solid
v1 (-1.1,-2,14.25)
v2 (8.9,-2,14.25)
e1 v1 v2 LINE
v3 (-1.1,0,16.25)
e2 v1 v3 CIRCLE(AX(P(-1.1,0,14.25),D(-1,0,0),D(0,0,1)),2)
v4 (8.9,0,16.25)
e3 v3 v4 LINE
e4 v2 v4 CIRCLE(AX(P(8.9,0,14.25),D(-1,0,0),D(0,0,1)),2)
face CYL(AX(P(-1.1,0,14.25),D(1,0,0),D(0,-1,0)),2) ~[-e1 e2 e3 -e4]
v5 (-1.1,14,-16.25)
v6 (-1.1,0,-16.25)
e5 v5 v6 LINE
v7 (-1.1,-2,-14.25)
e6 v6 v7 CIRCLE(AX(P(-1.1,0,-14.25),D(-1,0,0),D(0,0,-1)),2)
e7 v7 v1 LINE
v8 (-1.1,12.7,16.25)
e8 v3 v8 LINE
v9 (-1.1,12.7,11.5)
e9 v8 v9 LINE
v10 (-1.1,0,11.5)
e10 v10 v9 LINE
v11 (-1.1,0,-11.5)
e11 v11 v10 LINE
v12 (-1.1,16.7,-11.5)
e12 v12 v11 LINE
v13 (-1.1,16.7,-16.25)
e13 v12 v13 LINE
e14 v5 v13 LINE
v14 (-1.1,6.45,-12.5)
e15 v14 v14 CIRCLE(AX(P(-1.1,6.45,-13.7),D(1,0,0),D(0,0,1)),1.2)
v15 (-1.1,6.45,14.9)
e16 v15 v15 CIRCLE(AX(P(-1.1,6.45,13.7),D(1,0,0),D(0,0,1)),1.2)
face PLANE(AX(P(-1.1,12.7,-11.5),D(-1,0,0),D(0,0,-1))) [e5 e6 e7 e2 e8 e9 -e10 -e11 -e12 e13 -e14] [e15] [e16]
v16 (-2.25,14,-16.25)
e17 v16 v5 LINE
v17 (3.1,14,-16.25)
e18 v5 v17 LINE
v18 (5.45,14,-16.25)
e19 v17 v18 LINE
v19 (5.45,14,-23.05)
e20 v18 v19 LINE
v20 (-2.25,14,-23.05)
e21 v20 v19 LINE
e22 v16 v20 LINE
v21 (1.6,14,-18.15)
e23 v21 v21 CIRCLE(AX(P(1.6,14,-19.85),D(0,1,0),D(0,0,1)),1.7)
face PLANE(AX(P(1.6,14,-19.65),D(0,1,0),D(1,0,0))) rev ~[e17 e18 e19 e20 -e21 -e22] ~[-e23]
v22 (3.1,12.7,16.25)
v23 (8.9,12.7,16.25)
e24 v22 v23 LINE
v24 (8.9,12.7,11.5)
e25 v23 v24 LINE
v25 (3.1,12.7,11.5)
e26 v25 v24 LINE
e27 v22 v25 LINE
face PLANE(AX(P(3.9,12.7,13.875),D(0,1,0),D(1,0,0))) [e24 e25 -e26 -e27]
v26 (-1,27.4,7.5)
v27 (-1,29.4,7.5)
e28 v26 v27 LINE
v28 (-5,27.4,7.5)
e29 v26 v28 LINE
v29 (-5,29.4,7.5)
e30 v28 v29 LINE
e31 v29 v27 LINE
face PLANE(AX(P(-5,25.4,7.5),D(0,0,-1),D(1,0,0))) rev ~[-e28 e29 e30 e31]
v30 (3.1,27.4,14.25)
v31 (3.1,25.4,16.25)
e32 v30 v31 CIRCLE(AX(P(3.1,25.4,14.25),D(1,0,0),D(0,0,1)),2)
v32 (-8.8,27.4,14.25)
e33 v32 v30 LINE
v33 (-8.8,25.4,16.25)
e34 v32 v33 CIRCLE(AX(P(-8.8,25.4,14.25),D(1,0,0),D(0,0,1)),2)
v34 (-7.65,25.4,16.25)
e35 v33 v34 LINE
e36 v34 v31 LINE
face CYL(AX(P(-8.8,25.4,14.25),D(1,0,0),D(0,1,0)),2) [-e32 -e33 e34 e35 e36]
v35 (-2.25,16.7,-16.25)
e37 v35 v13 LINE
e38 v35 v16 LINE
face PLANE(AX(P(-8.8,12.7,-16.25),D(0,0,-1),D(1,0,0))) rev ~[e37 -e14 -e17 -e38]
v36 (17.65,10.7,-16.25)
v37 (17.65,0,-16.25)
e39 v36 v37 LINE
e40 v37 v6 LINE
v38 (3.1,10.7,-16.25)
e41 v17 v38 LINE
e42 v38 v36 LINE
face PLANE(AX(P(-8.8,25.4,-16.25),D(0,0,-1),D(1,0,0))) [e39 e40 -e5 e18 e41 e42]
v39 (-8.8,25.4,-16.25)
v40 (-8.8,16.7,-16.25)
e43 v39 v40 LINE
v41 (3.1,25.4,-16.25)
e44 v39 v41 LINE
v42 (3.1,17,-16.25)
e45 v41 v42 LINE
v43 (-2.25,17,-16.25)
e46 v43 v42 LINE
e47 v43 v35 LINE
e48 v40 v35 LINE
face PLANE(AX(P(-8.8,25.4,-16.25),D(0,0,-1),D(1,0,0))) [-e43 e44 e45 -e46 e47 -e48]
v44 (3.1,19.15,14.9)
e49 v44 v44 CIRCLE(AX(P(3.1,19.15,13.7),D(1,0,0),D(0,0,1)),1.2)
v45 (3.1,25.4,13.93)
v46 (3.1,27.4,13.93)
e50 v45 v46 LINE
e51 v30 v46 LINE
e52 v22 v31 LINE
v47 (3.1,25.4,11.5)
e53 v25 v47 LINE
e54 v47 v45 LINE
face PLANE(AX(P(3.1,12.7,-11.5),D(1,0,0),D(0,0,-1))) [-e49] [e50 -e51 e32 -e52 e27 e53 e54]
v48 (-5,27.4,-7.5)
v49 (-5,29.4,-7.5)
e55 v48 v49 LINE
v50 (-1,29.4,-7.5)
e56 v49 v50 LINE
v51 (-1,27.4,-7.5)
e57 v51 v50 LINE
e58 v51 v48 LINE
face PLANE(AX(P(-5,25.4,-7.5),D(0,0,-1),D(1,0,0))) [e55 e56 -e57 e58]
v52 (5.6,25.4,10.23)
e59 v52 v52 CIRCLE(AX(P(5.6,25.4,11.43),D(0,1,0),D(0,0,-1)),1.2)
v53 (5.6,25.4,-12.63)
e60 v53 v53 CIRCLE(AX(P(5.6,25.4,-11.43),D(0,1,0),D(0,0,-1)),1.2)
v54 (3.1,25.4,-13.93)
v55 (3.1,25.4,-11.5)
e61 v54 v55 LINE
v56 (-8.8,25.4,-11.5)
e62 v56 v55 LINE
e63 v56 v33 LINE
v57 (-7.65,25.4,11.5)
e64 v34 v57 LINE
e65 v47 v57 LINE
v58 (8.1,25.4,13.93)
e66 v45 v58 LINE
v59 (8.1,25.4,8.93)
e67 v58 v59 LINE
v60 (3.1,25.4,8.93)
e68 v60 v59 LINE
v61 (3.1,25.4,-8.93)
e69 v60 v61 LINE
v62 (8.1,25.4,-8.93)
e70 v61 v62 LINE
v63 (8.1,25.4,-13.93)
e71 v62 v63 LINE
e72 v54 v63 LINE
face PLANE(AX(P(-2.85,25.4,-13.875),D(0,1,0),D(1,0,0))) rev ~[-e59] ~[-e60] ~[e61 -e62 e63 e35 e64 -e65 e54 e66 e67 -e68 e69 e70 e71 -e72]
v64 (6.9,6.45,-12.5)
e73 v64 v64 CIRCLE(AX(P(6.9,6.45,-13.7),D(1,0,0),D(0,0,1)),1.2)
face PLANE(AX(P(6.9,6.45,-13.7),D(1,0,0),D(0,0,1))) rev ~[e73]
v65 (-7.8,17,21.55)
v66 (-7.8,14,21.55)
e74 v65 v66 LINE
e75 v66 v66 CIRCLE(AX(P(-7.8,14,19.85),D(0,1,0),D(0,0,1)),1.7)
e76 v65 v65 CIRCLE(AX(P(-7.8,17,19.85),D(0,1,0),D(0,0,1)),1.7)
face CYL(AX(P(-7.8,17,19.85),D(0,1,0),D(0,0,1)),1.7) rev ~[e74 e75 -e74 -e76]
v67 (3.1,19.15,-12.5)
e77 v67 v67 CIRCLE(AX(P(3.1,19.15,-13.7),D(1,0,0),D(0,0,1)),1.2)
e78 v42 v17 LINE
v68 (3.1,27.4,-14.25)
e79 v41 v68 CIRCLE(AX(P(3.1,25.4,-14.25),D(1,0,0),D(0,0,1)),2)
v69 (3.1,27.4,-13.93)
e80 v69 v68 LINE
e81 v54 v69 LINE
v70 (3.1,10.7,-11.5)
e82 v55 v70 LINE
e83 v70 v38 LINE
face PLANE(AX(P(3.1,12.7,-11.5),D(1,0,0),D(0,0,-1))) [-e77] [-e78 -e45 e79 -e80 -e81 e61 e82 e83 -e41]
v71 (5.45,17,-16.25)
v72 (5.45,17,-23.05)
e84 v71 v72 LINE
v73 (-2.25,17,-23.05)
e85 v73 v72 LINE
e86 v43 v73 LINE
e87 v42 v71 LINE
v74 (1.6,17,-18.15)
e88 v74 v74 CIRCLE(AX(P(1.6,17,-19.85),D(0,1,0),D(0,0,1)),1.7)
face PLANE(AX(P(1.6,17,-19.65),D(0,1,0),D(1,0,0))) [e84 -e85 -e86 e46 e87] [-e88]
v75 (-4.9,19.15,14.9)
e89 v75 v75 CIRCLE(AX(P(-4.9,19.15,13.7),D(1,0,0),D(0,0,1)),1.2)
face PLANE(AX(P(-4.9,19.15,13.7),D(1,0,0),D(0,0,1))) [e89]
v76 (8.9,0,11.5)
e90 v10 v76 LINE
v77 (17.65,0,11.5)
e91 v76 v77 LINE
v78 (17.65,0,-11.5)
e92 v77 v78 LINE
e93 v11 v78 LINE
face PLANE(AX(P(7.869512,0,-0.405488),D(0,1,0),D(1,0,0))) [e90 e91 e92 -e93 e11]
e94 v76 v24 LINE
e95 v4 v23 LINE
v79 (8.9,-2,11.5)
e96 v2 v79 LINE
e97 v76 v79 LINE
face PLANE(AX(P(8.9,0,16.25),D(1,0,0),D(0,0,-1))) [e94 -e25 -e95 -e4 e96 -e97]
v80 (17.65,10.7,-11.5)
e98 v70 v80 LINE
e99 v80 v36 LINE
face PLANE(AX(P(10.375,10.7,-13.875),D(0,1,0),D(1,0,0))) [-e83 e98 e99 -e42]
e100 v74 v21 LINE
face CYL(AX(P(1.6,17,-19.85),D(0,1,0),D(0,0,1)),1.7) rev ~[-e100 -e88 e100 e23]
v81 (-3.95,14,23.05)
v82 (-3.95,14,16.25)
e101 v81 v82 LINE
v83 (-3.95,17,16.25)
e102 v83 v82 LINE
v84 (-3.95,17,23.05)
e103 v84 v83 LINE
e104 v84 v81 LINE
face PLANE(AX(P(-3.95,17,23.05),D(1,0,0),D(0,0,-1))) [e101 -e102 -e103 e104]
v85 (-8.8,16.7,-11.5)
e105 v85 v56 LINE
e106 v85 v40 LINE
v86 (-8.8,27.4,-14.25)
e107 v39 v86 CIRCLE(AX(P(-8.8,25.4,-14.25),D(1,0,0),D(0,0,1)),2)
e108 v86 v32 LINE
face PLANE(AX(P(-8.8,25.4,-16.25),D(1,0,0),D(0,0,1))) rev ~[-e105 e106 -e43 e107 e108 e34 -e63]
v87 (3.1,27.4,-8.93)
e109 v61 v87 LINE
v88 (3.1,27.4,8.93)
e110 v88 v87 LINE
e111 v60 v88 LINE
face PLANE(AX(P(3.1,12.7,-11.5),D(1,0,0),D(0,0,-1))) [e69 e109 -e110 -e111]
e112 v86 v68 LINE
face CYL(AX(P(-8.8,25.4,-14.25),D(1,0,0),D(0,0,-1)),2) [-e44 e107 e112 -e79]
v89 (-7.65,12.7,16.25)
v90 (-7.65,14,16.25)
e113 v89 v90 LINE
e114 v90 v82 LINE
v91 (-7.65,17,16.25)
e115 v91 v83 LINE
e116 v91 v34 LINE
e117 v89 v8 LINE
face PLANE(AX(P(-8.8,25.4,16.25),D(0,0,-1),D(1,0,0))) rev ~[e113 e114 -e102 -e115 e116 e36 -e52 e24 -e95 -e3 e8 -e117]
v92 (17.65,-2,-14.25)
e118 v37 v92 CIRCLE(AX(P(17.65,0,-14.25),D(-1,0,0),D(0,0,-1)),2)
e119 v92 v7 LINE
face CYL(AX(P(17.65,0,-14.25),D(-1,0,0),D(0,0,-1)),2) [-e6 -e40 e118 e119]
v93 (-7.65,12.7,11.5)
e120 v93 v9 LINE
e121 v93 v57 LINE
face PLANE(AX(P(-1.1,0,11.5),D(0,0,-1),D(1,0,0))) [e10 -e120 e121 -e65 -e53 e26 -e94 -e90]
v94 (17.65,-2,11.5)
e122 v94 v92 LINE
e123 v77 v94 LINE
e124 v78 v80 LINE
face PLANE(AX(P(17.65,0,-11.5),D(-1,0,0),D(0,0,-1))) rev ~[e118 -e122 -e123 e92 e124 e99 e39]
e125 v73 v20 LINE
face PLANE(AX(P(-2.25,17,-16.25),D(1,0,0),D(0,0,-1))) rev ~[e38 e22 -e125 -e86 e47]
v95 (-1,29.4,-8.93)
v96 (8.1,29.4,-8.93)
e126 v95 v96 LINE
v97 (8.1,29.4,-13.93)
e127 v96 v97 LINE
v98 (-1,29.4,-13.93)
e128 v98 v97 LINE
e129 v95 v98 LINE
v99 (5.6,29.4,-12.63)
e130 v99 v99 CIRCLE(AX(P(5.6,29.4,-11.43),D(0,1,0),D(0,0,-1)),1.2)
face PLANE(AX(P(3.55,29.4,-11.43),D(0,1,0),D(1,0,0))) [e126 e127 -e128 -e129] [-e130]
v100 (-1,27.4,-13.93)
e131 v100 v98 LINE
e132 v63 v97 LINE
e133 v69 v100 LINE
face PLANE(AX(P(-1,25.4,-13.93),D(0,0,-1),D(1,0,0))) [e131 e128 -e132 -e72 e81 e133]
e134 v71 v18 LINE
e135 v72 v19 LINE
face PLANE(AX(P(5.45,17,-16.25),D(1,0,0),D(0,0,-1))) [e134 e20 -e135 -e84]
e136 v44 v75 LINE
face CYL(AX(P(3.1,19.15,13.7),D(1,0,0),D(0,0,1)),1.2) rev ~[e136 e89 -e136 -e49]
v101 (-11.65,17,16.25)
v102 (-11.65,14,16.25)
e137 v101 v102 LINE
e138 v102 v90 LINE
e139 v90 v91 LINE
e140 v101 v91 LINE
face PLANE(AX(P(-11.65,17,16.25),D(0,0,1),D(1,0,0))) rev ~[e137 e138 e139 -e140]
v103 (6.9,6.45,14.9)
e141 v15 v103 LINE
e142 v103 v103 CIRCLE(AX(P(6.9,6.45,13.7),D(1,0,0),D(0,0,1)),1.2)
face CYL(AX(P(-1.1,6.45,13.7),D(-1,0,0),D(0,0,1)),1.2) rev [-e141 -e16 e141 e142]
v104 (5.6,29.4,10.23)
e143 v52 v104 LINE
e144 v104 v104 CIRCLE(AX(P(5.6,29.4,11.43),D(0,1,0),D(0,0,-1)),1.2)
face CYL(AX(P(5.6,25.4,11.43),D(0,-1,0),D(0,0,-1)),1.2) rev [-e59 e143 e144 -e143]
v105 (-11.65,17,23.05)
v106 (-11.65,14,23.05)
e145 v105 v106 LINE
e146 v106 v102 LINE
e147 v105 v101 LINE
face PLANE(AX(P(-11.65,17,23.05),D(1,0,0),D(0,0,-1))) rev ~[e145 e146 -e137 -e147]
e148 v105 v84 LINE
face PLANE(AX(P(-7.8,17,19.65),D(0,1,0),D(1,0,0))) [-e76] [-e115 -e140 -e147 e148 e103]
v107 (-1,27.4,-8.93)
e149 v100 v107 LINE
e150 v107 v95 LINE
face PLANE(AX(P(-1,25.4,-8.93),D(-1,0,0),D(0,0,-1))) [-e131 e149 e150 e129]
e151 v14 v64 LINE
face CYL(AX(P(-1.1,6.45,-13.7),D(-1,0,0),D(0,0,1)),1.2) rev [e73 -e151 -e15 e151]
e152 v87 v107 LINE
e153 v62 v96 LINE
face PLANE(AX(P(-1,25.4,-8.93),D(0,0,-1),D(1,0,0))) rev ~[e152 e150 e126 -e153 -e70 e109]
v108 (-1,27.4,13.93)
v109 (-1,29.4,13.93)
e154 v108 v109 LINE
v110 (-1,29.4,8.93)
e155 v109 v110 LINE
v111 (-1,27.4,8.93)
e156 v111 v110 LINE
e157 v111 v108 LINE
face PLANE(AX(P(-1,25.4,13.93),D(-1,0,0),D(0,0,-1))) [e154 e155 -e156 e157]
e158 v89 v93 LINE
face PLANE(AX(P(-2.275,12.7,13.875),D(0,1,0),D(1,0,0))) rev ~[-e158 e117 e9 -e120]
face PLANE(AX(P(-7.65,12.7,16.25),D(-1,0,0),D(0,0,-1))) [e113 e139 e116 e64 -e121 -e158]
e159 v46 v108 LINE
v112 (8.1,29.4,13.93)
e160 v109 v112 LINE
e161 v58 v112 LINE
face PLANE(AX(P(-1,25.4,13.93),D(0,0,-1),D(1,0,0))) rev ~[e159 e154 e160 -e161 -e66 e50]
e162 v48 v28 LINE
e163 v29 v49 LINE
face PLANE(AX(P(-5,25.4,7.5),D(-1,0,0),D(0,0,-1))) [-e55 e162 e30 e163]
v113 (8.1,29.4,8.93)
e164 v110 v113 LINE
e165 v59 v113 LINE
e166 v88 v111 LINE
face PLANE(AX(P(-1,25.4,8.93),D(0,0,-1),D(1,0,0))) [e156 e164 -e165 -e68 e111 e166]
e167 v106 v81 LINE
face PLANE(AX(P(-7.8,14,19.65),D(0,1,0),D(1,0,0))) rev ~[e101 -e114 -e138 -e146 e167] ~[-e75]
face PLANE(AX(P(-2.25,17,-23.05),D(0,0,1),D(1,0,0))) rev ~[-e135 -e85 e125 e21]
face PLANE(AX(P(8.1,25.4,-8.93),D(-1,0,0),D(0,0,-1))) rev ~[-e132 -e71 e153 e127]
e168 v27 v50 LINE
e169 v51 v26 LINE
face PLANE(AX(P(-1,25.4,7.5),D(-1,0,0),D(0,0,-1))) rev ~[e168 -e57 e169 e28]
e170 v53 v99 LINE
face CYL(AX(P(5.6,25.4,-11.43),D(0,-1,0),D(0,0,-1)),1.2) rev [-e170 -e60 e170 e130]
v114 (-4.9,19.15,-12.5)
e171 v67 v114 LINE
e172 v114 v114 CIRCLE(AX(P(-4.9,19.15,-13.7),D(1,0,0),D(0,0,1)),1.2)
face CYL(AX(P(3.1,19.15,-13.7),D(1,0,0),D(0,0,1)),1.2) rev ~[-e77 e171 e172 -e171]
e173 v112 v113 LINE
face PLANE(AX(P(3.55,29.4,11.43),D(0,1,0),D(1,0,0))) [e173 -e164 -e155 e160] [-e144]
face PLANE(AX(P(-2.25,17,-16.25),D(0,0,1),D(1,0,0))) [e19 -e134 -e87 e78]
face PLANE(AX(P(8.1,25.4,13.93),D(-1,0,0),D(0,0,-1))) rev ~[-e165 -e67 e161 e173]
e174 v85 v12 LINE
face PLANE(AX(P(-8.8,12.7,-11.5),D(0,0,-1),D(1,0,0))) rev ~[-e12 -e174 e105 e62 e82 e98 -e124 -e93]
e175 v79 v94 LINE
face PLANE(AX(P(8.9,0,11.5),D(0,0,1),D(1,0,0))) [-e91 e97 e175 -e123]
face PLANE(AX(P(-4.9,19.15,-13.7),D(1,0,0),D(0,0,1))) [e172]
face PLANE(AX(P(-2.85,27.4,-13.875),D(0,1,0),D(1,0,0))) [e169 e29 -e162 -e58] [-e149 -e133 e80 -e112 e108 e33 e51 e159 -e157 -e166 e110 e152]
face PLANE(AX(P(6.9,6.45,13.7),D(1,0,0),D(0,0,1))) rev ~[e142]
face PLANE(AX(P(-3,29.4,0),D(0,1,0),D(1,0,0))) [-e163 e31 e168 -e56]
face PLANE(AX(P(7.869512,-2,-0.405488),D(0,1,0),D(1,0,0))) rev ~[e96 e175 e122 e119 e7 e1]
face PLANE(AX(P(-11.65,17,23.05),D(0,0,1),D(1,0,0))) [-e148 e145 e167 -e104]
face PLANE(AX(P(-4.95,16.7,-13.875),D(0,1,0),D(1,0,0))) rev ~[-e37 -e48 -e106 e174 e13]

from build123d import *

# Parameters (mm, degrees)
BOSS_EXTRUDE1_DEPTH      = 2
SKETCH1_3_W              = 10
SKETCH1_3_H              = 4.75
BOSS_EXTRUDE2_DEPTH      = 12.7
BOSS_EXTRUDE3_START      = 12.7
SKETCH3_W                = 11.9
SKETCH3_H                = 4.75
SKETCH3_W_2              = 10.75
BOSS_EXTRUDE3_DEPTH      = 12.7
BOSS_EXTRUDE4_START      = 25.4
SKETCH3_3_W              = 11.9
SKETCH3_3_H              = 4.75
SKETCH3_3_W_2            = 10.75
SKETCH3_3_W_3            = 1.15
BOSS_EXTRUDE4_DEPTH      = 2
CUT_EXTRUDE1_START       = -1.1
SKETCH2_R                = 1.2
CUT_EXTRUDE1_DEPTH       = 8
CUT_EXTRUDE2_START       = 3.1
SKETCH2_3_R              = 1.2
CUT_EXTRUDE2_DEPTH       = 8
BOSS_EXTRUDE5_START      = 17
SKETCH1_4_W              = 7.7
SKETCH1_4_H              = 6.8
SKETCH1_4_R              = 1.7
BOSS_EXTRUDE5_DEPTH      = 3
FILLET1_R                = 2
CUT_EXTRUDE3_START       = 12.7
SKETCH5_W                = 14.55
SKETCH5_H                = 4.75
CUT_EXTRUDE3_DEPTH       = 2
CUT_EXTRUDE4_START       = 12.7
SKETCH6_W                = 7.7
SKETCH6_H                = 4.75
CUT_EXTRUDE4_DEPTH       = 4
BOSS_EXTRUDE6_DEPTH      = 2
BOSS_EXTRUDE6_DEPTH_BACK = 2
BOSS_EXTRUDE6_START      = 27.4
SKETCH7_W                = 9.1
SKETCH7_H                = 5
SKETCH7_R                = 1.2
SKETCH7_W_2              = 4
SKETCH7_H_2              = 15


with BuildPart() as part:
    # Sketch1 → Boss-Extrude1 (new body)
    with BuildSketch(Plane(origin=(0, 0, 0), x_dir=(1, 0, 0), z_dir=(0, 1, 0))):
        Polygon((-1.1, 16.25), (-1.1, -16.25), (8.9, -16.25), (8.9, -11.5), (17.65, -11.5), (17.65, 16.25), align=None)
    extrude(amount=-BOSS_EXTRUDE1_DEPTH)

    # Sketch1<3> → Boss-Extrude2 (add)
    with BuildSketch(Plane(origin=(0, 0, 0), x_dir=(1, 0, 0), z_dir=(0, 1, 0))):
        Polygon((5.45, 16.25), (-1.1, 16.25), (-1.1, 11.5), (17.65, 11.5), (17.65, 16.25), align=None)
        with Locations((3.9, -13.875)):
            Rectangle(SKETCH1_3_W, SKETCH1_3_H)
    extrude(amount=BOSS_EXTRUDE2_DEPTH)

    # Sketch3 → Boss-Extrude3 (add)
    with BuildSketch(Plane(origin=(0, 0, 0), x_dir=(1, 0, 0), z_dir=(0, 1, 0)).offset(BOSS_EXTRUDE3_START)):
        with Locations((-2.85, 13.875)):
            Rectangle(SKETCH3_W, SKETCH3_H)
        with Locations((-2.275, -13.875)):
            Rectangle(SKETCH3_W_2, SKETCH3_H)
    extrude(amount=BOSS_EXTRUDE3_DEPTH)

    # Sketch3<3> → Boss-Extrude4 (add)
    with BuildSketch(Plane(origin=(0, 0, 0), x_dir=(1, 0, 0), z_dir=(0, 1, 0)).offset(BOSS_EXTRUDE4_START)):
        with Locations((-2.85, 13.875)):
            Rectangle(SKETCH3_3_W, SKETCH3_3_H)
        Polygon((3.1, -11.5), (3.1, 11.5), (-8.8, 11.5), (-8.8, -11.5), (-7.65, -11.5), align=None)
        with Locations((-2.275, -13.875)):
            Rectangle(SKETCH3_3_W_2, SKETCH3_3_H)
        with Locations((-8.225, -13.875)):
            Rectangle(SKETCH3_3_W_3, SKETCH3_3_H)
    extrude(amount=BOSS_EXTRUDE4_DEPTH)

    # Sketch2 → Cut-Extrude1 (cut)
    with BuildSketch(Plane(origin=(0, 0, 0), x_dir=(0, 0, -1), z_dir=(1, 0, 0)).offset(CUT_EXTRUDE1_START)):
        with Locations(Location((-13.7, 6.45, 0), (0, 0, 180))):
            Circle(SKETCH2_R)
        with Locations(Location((13.7, 6.45, 0), (0, 0, 180))):
            Circle(SKETCH2_R)
    extrude(amount=CUT_EXTRUDE1_DEPTH, mode=Mode.SUBTRACT)

    # Sketch2<3> → Cut-Extrude2 (cut)
    with BuildSketch(Plane(origin=(0, 0, 0), x_dir=(0, 0, -1), z_dir=(1, 0, 0)).offset(CUT_EXTRUDE2_START)):
        with Locations(Location((13.7, 19.15, 0), (0, 0, 180))):
            Circle(SKETCH2_3_R)
        with Locations(Location((-13.7, 19.15, 0), (0, 0, 180))):
            Circle(SKETCH2_3_R)
    extrude(amount=-CUT_EXTRUDE2_DEPTH, mode=Mode.SUBTRACT)

    # Sketch1<4> → Boss-Extrude5 (add)
    # profile 1 of 2: a face of its own
    with BuildSketch(Plane(origin=(0, 0, 0), x_dir=(1, 0, 0), z_dir=(0, 1, 0)).offset(BOSS_EXTRUDE5_START)):
        with Locations((1.6, 19.65)):
            Rectangle(SKETCH1_4_W, SKETCH1_4_H)
        with Locations(Location((1.6, 19.85, 0), (0, 0, 270))):
            Circle(SKETCH1_4_R, mode=Mode.SUBTRACT)
    # profile 2 of 2: a face of its own
    with BuildSketch(Plane(origin=(0, 0, 0), x_dir=(1, 0, 0), z_dir=(0, 1, 0)).offset(BOSS_EXTRUDE5_START)):
        with Locations((-7.8, -19.65)):
            Rectangle(SKETCH1_4_W, SKETCH1_4_H)
        with Locations(Location((-7.8, -19.85, 0), (0, 0, 270))):
            Circle(SKETCH1_4_R, mode=Mode.SUBTRACT)
    extrude(amount=-BOSS_EXTRUDE5_DEPTH)

    # Fillet1
    fillet1_edges = [part.edges().sort_by_distance(p)[0] for p in [
        (3.9, -2, 16.25),
        (-2.85, 27.4, 16.25),
        (8.275, -2, -16.25),
        (-2.85, 27.4, -16.25),
    ]]
    fillet(fillet1_edges, radius=FILLET1_R)

    # Sketch5 → Cut-Extrude3 (cut)
    with BuildSketch(Plane(origin=(0, 0, 0), x_dir=(1, 0, 0), z_dir=(0, 1, 0)).offset(CUT_EXTRUDE3_START)):
        with Locations((10.375, 13.875)):
            Rectangle(SKETCH5_W, SKETCH5_H)
    extrude(amount=-CUT_EXTRUDE3_DEPTH, mode=Mode.SUBTRACT)

    # Sketch6 → Cut-Extrude4 (cut)
    with BuildSketch(Plane(origin=(0, 0, 0), x_dir=(1, 0, 0), z_dir=(0, 1, 0)).offset(CUT_EXTRUDE4_START)):
        with Locations((-4.95, 13.875)):
            Rectangle(SKETCH6_W, SKETCH6_H)
    extrude(amount=CUT_EXTRUDE4_DEPTH, mode=Mode.SUBTRACT)

    # Sketch7 → Boss-Extrude6 (add, two sides: drawn at the far end of the back side and taken through both)
    # profile 1 of 3: a face of its own
    with BuildSketch(Plane(origin=(0, 0, 0), x_dir=(1, 0, 0), z_dir=(0, 1, 0)).offset(BOSS_EXTRUDE6_START - BOSS_EXTRUDE6_DEPTH_BACK)):
        with Locations((3.55, 11.43)):
            Rectangle(SKETCH7_W, SKETCH7_H)
        with Locations(Location((5.6, 11.43, 0), (0, 0, 90))):
            Circle(SKETCH7_R, mode=Mode.SUBTRACT)
    # profile 2 of 3: a face of its own
    with BuildSketch(Plane(origin=(0, 0, 0), x_dir=(1, 0, 0), z_dir=(0, 1, 0)).offset(BOSS_EXTRUDE6_START - BOSS_EXTRUDE6_DEPTH_BACK)):
        with Locations((-3, 0)):
            Rectangle(SKETCH7_W_2, SKETCH7_H_2)
    # profile 3 of 3: a face of its own
    with BuildSketch(Plane(origin=(0, 0, 0), x_dir=(1, 0, 0), z_dir=(0, 1, 0)).offset(BOSS_EXTRUDE6_START - BOSS_EXTRUDE6_DEPTH_BACK)):
        with Locations((3.55, -11.43)):
            Rectangle(SKETCH7_W, SKETCH7_H)
        with Locations(Location((5.6, -11.43, 0), (0, 0, 90))):
            Circle(SKETCH7_R, mode=Mode.SUBTRACT)
    extrude(amount=BOSS_EXTRUDE6_DEPTH + BOSS_EXTRUDE6_DEPTH_BACK)


solid = part.part
